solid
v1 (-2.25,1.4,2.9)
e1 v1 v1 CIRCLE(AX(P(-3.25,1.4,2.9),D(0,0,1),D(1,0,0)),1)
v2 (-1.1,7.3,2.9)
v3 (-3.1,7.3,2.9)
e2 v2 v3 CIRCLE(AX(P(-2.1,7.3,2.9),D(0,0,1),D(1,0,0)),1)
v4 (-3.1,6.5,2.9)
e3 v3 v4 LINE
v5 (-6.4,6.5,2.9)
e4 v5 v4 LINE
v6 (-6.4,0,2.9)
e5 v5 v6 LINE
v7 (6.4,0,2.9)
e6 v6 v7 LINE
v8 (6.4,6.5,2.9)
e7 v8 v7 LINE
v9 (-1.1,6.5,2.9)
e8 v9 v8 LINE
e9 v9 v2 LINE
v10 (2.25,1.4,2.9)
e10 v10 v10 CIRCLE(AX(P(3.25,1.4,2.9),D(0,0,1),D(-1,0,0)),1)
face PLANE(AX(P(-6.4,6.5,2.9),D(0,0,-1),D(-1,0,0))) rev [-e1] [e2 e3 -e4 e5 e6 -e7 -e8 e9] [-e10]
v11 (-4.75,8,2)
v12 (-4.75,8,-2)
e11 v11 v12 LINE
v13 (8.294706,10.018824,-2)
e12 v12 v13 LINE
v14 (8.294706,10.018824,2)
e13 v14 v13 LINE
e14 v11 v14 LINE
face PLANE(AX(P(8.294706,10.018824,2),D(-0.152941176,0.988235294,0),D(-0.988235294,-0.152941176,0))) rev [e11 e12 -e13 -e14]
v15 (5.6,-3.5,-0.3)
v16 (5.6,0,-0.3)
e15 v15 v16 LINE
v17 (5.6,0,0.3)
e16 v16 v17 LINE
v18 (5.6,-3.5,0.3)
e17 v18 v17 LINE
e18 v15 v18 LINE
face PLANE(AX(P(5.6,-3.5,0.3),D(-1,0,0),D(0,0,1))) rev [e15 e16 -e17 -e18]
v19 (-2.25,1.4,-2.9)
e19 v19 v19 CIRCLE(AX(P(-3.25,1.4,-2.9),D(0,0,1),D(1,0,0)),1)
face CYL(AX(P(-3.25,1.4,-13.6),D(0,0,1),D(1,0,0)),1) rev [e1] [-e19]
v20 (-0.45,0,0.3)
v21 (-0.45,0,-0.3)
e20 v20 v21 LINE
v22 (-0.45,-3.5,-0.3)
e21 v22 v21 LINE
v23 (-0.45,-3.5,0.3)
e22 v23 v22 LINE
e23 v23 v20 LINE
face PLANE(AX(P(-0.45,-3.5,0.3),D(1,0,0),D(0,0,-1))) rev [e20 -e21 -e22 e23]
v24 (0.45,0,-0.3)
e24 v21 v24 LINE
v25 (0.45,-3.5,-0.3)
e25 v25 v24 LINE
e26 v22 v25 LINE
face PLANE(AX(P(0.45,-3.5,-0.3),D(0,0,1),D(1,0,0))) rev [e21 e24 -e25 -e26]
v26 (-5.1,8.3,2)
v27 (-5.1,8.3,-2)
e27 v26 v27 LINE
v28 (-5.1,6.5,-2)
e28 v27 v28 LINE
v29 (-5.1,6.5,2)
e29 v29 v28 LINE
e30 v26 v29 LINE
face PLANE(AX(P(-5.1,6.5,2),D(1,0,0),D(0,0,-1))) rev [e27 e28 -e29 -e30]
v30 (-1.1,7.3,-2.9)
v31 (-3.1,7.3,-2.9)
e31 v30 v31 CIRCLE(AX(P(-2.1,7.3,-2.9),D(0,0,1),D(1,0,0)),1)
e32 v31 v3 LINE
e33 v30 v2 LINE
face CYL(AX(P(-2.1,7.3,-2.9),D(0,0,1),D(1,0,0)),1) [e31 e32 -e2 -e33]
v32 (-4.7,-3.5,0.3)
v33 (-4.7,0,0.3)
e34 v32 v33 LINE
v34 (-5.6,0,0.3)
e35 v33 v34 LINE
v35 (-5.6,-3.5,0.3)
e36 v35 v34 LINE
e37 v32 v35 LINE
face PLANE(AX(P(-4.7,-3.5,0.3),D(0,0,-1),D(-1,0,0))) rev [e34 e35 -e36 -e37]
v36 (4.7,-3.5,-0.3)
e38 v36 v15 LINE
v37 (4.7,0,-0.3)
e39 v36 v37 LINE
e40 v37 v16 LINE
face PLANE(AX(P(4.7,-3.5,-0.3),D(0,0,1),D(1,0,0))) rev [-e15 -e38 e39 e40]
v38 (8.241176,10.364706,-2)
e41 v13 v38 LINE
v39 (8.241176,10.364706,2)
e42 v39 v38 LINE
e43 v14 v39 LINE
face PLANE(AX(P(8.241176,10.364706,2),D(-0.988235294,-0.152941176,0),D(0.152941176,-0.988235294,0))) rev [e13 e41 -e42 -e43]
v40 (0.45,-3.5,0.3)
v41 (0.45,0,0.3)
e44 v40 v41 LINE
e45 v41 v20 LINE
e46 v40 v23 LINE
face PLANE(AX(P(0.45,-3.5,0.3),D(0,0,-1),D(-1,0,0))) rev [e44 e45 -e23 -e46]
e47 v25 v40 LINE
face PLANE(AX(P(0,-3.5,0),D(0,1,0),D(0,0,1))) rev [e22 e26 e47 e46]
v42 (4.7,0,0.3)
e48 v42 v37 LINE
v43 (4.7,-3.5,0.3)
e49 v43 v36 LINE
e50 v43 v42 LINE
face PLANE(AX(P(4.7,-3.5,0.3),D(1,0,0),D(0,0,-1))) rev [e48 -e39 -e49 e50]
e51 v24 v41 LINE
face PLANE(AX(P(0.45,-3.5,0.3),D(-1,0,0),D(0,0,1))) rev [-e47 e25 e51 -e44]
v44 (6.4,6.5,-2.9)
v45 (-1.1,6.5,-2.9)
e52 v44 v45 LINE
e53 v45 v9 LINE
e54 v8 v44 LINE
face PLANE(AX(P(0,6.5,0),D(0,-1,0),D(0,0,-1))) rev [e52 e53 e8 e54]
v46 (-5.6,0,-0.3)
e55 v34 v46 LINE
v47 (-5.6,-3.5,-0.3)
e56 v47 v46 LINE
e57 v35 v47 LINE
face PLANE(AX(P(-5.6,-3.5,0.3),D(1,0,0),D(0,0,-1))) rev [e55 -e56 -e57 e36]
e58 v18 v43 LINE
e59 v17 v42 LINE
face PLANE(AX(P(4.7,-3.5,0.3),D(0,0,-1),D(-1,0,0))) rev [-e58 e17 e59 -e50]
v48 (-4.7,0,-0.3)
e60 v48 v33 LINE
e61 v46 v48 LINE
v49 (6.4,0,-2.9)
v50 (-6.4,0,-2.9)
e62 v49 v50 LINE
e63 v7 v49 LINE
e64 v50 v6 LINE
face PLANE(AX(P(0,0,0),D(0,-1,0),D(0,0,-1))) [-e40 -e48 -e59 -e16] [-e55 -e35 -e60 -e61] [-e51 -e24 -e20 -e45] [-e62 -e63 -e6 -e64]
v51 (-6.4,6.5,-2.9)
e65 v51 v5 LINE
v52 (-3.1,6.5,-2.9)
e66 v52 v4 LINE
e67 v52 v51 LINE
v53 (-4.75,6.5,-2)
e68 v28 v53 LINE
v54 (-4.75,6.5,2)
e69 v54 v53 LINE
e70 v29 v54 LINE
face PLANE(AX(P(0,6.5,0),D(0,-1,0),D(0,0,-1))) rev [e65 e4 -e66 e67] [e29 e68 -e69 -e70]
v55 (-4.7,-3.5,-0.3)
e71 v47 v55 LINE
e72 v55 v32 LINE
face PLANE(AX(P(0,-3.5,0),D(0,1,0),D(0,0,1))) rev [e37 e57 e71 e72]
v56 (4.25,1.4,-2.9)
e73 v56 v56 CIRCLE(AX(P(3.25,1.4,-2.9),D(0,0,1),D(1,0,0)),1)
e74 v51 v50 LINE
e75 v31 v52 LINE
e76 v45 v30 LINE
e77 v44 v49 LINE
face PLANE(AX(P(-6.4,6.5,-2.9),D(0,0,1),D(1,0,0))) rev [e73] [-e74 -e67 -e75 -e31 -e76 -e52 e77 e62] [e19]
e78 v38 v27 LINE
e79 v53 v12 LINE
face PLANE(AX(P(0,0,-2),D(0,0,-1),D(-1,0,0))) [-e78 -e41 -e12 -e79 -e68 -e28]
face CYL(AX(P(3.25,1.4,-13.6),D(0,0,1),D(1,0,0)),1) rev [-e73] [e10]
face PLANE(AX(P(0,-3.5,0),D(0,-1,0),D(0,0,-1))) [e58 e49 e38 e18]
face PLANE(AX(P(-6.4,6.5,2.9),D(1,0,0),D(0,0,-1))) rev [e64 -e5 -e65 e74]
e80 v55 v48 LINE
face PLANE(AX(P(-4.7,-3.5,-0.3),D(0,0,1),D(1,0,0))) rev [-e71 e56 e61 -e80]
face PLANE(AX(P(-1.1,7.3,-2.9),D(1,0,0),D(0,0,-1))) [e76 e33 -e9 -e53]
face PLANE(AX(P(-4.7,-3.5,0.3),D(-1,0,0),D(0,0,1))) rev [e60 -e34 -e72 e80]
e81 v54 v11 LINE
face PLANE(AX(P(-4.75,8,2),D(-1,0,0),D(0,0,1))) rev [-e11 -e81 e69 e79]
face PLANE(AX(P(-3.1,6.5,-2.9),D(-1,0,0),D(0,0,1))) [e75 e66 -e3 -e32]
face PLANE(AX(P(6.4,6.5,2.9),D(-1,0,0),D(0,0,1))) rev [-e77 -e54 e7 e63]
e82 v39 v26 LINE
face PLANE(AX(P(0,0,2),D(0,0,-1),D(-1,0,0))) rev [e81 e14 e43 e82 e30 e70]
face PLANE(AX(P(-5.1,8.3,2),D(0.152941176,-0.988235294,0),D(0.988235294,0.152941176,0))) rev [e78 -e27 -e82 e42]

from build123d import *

# Parameters (mm, degrees)
SKETCH1_W           = 12.8
SKETCH1_H           = 5.8
BOSS_EXTRUDE1_DEPTH = 6.5
SKETCH2_R           = 1
CUT_EXTRUDE1_DEPTH  = 16.5
SKETCH3_W           = 0.9
SKETCH3_H           = 0.6
BOSS_EXTRUDE2_DEPTH = 3.5
BOSS_EXTRUDE3_DEPTH = 5.8
BOSS_EXTRUDE4_DEPTH = 2


with BuildPart() as part:
    # Sketch1 → Boss-Extrude1 (new body)
    with BuildSketch(Plane(origin=(0, 0, 0), x_dir=(1, 0, 0), z_dir=(0, 1, 0))):
        Rectangle(SKETCH1_W, SKETCH1_H)
    extrude(amount=BOSS_EXTRUDE1_DEPTH)

    # Sketch2 → Cut-Extrude1 (cut)
    with BuildSketch(Plane.XY.offset(2.9)):
        with Locations((-3.25, 1.4)):
            Circle(SKETCH2_R)
        with Locations((3.25, 1.4)):
            Circle(SKETCH2_R)
    extrude(amount=-CUT_EXTRUDE1_DEPTH, mode=Mode.SUBTRACT)

    # Sketch3 → Boss-Extrude2 (add)
    with BuildSketch(Plane.XZ):
        with Locations((-5.15, 0)):
            Rectangle(SKETCH3_W, SKETCH3_H)
        Rectangle(SKETCH3_W, SKETCH3_H)
        with Locations((5.15, 0)):
            Rectangle(SKETCH3_W, SKETCH3_H)
    extrude(amount=BOSS_EXTRUDE2_DEPTH)

    # Sketch4 → Boss-Extrude3 (add)
    with BuildSketch(Plane.XY.offset(2.9)):
        with BuildLine():
            Line((-3.1, 6.5), (-3.1, 7.3))
            ThreePointArc((-3.1, 7.3), (-2.1, 8.3), (-1.1, 7.3))
            Line((-1.1, 7.3), (-1.1, 6.5))
            Line((-1.1, 6.5), (-3.1, 6.5))
        make_face()
    extrude(amount=-BOSS_EXTRUDE3_DEPTH)

    # Sketch5 → Boss-Extrude4 (add, symmetric)
    with BuildSketch(Plane.XY):
        Polygon((-5.1, 6.5), (-5.1, 8.3), (8.241176471, 10.364705882), (8.294705882, 10.018823529), (-4.75, 8), (-4.75, 6.5), align=None)
    extrude(amount=BOSS_EXTRUDE4_DEPTH, both=True)


solid = part.part
